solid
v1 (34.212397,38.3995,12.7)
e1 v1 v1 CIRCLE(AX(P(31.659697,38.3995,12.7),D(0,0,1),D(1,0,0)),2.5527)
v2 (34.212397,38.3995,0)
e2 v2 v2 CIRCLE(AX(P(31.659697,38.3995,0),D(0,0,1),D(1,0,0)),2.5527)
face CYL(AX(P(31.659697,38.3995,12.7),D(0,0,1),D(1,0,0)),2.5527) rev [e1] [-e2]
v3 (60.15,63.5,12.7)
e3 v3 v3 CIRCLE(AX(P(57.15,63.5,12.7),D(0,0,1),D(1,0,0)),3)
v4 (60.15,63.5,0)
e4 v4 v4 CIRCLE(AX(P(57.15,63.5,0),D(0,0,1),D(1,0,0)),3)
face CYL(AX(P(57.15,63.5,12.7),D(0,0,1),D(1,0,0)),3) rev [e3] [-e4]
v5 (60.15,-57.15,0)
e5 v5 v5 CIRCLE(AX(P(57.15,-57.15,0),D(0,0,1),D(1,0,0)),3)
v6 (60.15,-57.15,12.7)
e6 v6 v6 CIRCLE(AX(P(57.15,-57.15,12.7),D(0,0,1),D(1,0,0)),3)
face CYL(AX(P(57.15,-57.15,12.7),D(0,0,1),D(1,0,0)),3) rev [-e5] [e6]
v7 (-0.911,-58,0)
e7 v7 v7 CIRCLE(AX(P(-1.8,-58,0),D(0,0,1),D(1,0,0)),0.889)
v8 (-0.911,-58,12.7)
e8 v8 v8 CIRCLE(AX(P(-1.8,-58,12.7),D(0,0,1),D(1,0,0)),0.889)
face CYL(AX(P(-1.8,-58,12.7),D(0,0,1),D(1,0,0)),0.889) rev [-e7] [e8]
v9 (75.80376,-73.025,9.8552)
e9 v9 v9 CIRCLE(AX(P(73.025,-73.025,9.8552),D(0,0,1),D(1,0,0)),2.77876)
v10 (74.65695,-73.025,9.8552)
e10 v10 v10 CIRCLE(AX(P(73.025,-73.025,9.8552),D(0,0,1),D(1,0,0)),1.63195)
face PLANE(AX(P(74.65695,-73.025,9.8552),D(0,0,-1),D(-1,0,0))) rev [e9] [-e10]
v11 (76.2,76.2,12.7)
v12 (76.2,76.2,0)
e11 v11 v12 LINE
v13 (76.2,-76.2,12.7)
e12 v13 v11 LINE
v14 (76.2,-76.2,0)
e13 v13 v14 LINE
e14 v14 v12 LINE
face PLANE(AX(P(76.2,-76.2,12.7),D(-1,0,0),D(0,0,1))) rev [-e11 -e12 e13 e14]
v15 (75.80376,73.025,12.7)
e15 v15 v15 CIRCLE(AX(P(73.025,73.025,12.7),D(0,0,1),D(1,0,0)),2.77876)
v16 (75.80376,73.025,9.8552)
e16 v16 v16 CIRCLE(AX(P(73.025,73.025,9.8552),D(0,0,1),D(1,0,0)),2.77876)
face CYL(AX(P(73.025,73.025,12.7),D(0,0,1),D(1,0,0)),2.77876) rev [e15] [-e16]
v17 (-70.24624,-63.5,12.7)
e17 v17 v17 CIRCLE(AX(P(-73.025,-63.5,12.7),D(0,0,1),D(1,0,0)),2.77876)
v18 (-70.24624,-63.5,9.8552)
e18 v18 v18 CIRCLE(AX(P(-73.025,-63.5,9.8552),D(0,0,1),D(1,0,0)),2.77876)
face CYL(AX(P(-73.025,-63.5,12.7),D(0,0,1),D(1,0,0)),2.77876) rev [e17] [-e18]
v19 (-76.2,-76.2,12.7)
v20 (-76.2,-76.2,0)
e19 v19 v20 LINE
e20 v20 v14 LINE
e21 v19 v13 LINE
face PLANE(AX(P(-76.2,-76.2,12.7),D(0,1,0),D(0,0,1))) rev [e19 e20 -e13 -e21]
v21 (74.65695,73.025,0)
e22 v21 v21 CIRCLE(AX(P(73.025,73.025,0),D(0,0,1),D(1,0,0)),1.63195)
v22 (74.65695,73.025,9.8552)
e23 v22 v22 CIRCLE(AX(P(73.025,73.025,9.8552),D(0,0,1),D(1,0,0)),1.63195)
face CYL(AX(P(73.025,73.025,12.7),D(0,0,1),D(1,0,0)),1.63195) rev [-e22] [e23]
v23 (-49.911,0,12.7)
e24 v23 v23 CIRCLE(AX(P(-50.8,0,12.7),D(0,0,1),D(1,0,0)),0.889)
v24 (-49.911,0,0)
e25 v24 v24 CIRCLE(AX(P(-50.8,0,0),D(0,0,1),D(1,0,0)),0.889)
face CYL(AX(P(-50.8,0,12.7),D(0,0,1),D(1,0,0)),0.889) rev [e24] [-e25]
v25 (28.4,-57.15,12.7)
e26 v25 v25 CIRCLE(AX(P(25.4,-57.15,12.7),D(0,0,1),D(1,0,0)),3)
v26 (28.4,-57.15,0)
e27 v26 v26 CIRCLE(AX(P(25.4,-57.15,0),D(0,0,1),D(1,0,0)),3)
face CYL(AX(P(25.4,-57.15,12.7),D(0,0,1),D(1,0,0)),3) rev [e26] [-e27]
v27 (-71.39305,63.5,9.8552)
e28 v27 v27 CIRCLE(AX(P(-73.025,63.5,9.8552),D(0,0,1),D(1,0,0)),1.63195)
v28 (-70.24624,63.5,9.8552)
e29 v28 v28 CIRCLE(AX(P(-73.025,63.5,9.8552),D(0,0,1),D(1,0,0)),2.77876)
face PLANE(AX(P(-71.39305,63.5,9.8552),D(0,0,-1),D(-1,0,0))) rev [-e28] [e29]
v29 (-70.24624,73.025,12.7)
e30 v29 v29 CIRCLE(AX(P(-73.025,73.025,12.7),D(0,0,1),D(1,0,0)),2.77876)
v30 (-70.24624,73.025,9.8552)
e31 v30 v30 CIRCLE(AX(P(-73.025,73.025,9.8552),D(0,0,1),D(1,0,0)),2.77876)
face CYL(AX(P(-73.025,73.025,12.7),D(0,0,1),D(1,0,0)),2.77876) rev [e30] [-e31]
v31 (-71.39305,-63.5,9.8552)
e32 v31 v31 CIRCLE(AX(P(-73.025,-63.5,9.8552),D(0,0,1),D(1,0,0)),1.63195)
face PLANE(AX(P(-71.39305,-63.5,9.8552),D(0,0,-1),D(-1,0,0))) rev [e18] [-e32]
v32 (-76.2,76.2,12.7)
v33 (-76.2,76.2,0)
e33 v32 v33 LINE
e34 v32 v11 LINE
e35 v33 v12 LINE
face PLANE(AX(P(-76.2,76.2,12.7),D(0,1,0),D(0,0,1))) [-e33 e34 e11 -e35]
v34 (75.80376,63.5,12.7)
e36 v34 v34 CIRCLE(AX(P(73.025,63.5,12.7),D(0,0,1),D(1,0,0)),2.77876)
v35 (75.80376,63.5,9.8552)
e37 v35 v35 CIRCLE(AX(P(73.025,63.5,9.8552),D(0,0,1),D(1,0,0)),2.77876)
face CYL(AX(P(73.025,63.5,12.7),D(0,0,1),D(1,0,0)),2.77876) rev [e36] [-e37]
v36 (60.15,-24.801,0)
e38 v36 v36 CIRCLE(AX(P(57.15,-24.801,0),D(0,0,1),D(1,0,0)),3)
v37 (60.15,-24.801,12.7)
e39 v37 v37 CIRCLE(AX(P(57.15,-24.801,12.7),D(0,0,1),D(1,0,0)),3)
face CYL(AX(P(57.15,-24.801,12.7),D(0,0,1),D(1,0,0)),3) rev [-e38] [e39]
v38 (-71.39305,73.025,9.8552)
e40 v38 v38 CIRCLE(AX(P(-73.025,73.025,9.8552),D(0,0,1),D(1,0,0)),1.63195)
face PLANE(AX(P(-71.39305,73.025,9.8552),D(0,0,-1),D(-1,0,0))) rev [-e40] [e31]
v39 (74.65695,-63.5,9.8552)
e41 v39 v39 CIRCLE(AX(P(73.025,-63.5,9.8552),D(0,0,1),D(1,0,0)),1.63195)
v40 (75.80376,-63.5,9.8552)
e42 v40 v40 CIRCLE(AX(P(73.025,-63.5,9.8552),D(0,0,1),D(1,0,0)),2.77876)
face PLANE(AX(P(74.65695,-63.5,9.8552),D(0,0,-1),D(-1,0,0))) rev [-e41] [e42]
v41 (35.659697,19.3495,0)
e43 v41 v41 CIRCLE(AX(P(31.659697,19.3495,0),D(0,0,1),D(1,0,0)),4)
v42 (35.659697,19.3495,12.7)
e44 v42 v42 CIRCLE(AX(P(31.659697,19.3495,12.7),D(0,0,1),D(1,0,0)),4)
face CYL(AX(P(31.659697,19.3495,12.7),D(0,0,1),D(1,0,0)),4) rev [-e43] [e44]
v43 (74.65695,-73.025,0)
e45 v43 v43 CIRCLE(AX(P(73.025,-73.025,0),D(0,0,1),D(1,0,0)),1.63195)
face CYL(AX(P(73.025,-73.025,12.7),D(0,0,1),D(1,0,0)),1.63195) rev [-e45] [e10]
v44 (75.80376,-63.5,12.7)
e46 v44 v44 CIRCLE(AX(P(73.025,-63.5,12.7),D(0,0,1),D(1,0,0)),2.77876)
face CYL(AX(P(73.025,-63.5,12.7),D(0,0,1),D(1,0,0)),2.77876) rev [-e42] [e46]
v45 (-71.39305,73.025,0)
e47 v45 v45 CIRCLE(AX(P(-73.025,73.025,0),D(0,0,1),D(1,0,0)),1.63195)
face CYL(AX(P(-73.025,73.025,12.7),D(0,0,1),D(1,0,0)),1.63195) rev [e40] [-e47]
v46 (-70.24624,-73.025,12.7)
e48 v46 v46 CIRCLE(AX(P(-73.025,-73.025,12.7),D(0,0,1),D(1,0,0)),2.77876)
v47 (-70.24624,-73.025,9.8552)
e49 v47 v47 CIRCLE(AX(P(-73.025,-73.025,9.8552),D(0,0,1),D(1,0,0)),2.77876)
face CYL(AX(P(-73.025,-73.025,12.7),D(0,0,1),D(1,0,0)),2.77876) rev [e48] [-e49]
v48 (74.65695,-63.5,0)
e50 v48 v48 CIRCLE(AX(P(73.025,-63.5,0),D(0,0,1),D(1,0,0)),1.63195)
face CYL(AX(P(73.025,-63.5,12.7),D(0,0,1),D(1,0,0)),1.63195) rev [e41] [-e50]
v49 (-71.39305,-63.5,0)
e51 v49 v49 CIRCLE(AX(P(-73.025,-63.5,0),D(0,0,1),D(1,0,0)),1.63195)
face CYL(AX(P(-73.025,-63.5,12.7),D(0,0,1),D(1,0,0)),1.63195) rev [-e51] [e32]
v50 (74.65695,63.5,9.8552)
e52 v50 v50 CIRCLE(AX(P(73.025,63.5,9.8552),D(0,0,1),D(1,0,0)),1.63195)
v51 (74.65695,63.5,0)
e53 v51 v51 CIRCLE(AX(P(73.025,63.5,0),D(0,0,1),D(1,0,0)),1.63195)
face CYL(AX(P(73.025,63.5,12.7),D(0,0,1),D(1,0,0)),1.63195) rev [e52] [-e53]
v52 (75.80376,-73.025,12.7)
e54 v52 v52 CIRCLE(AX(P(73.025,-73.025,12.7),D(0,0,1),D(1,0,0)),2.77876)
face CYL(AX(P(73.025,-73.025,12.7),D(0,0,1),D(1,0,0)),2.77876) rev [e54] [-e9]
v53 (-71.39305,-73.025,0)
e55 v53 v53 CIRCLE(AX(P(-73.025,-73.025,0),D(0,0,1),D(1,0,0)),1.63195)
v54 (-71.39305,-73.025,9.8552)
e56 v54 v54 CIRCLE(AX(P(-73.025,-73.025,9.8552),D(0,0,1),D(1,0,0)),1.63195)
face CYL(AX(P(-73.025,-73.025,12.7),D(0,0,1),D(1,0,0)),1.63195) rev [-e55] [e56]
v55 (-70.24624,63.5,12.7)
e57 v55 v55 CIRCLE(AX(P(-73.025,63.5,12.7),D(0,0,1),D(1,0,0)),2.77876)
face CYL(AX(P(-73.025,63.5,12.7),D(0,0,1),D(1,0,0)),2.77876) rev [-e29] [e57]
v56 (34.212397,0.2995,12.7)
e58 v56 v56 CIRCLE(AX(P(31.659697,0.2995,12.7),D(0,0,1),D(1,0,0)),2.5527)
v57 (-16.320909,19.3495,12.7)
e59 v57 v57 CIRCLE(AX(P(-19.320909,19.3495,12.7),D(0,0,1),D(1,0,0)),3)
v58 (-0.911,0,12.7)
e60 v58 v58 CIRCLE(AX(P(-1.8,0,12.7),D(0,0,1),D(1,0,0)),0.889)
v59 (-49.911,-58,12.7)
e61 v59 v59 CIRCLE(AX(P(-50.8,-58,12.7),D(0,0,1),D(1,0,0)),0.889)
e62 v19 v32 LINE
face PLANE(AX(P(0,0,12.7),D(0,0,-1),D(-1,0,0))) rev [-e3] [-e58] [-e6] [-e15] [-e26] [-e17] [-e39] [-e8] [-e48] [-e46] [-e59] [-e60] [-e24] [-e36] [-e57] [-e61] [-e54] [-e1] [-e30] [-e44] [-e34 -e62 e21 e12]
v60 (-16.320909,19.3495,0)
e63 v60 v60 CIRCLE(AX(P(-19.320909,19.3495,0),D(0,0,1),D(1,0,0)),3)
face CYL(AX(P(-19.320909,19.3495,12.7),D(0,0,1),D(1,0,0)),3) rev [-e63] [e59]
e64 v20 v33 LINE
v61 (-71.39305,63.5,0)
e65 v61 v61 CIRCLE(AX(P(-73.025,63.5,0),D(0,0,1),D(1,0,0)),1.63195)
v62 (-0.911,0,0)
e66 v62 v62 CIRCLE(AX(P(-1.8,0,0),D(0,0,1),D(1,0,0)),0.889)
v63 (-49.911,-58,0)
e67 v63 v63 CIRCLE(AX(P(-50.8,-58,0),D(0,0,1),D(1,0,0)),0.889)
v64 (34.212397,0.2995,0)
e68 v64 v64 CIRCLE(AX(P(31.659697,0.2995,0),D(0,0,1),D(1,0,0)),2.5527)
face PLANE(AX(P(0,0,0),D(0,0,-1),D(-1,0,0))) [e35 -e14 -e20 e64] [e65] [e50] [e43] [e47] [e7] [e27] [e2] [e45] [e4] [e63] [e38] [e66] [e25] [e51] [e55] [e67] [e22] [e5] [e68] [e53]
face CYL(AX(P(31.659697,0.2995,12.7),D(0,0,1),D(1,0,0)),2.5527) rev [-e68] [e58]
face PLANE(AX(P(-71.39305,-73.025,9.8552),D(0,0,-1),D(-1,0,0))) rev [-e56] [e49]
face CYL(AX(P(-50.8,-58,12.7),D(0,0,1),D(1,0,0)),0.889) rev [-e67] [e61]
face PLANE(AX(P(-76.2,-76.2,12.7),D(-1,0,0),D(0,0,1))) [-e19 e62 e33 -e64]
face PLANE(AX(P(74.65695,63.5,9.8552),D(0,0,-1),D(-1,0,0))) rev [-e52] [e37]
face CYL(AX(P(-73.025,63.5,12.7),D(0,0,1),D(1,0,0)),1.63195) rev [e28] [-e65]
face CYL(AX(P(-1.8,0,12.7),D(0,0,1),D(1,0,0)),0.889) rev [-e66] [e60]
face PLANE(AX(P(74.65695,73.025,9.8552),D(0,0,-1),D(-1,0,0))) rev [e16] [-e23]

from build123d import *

# Parameters (mm, degrees)
SKETCH1_W                                      = 152.4
SKETCH1_H                                      = 152.4
BOSS_EXTRUDE1_DEPTH                            = 12.7
F_2_56_TAPPED_HOLE1_D                          = 1.778
CBORE_FOR_4_SOCKET_HEAD_CAP_SCREW1_D           = 3.2639
CBORE_FOR_4_SOCKET_HEAD_CAP_SCREW1_CBORE_D     = 5.55752
CBORE_FOR_4_SOCKET_HEAD_CAP_SCREW1_CBORE_DEPTH = 2.8448
F_6_0MM_DOWEL_HOLE1_D                          = 6
F_8_0MM_DOWEL_HOLE1_D                          = 8
F_1_4_20_TAPPED_HOLE1_D                        = 5.1054


with BuildPart() as part:
    # Sketch1 → Boss-Extrude1 (new body)
    with BuildSketch(Plane.XY):
        Rectangle(SKETCH1_W, SKETCH1_H)
    extrude(amount=BOSS_EXTRUDE1_DEPTH)

    # #2-56 Tapped Hole1 (through all)
    with Locations(Plane.XY.offset(12.7)):
        with Locations((-50.8, 0), (-50.8, -58), (-1.8, -58), (-1.8, 0)):
            Hole(F_2_56_TAPPED_HOLE1_D / 2)

    # CBORE for #4 Socket Head Cap Screw1 (through all)
    with Locations(Plane.XY.offset(12.7)):
        with Locations((-73.025, 63.5), (-73.025, 73.025), (73.025, 63.5), (73.025, 73.025), (73.025, -63.5), (73.025, -73.025), (-73.025, -63.5), (-73.025, -73.025)):
            CounterBoreHole(CBORE_FOR_4_SOCKET_HEAD_CAP_SCREW1_D / 2, CBORE_FOR_4_SOCKET_HEAD_CAP_SCREW1_CBORE_D / 2, CBORE_FOR_4_SOCKET_HEAD_CAP_SCREW1_CBORE_DEPTH)

    # Ø6.0mm Dowel Hole1 (through all)
    with Locations(Plane.XY.offset(12.7)):
        with Locations((57.15, 63.5), (57.15, -24.801), (-19.32090918, 19.3495), (57.15, -57.15), (25.4, -57.15)):
            Hole(F_6_0MM_DOWEL_HOLE1_D / 2)

    # Ø8.0mm Dowel Hole1 (through all)
    with Locations(Plane.XY.offset(12.7)):
        with Locations((31.65969694, 19.3495)):
            Hole(F_8_0MM_DOWEL_HOLE1_D / 2)

    # 1/4-20 Tapped Hole1 (through all)
    with Locations(Plane.XY.offset(12.7)):
        with Locations((31.65969694, 0.2995), (31.65969694, 38.3995)):
            Hole(F_1_4_20_TAPPED_HOLE1_D / 2)


solid = part.part
